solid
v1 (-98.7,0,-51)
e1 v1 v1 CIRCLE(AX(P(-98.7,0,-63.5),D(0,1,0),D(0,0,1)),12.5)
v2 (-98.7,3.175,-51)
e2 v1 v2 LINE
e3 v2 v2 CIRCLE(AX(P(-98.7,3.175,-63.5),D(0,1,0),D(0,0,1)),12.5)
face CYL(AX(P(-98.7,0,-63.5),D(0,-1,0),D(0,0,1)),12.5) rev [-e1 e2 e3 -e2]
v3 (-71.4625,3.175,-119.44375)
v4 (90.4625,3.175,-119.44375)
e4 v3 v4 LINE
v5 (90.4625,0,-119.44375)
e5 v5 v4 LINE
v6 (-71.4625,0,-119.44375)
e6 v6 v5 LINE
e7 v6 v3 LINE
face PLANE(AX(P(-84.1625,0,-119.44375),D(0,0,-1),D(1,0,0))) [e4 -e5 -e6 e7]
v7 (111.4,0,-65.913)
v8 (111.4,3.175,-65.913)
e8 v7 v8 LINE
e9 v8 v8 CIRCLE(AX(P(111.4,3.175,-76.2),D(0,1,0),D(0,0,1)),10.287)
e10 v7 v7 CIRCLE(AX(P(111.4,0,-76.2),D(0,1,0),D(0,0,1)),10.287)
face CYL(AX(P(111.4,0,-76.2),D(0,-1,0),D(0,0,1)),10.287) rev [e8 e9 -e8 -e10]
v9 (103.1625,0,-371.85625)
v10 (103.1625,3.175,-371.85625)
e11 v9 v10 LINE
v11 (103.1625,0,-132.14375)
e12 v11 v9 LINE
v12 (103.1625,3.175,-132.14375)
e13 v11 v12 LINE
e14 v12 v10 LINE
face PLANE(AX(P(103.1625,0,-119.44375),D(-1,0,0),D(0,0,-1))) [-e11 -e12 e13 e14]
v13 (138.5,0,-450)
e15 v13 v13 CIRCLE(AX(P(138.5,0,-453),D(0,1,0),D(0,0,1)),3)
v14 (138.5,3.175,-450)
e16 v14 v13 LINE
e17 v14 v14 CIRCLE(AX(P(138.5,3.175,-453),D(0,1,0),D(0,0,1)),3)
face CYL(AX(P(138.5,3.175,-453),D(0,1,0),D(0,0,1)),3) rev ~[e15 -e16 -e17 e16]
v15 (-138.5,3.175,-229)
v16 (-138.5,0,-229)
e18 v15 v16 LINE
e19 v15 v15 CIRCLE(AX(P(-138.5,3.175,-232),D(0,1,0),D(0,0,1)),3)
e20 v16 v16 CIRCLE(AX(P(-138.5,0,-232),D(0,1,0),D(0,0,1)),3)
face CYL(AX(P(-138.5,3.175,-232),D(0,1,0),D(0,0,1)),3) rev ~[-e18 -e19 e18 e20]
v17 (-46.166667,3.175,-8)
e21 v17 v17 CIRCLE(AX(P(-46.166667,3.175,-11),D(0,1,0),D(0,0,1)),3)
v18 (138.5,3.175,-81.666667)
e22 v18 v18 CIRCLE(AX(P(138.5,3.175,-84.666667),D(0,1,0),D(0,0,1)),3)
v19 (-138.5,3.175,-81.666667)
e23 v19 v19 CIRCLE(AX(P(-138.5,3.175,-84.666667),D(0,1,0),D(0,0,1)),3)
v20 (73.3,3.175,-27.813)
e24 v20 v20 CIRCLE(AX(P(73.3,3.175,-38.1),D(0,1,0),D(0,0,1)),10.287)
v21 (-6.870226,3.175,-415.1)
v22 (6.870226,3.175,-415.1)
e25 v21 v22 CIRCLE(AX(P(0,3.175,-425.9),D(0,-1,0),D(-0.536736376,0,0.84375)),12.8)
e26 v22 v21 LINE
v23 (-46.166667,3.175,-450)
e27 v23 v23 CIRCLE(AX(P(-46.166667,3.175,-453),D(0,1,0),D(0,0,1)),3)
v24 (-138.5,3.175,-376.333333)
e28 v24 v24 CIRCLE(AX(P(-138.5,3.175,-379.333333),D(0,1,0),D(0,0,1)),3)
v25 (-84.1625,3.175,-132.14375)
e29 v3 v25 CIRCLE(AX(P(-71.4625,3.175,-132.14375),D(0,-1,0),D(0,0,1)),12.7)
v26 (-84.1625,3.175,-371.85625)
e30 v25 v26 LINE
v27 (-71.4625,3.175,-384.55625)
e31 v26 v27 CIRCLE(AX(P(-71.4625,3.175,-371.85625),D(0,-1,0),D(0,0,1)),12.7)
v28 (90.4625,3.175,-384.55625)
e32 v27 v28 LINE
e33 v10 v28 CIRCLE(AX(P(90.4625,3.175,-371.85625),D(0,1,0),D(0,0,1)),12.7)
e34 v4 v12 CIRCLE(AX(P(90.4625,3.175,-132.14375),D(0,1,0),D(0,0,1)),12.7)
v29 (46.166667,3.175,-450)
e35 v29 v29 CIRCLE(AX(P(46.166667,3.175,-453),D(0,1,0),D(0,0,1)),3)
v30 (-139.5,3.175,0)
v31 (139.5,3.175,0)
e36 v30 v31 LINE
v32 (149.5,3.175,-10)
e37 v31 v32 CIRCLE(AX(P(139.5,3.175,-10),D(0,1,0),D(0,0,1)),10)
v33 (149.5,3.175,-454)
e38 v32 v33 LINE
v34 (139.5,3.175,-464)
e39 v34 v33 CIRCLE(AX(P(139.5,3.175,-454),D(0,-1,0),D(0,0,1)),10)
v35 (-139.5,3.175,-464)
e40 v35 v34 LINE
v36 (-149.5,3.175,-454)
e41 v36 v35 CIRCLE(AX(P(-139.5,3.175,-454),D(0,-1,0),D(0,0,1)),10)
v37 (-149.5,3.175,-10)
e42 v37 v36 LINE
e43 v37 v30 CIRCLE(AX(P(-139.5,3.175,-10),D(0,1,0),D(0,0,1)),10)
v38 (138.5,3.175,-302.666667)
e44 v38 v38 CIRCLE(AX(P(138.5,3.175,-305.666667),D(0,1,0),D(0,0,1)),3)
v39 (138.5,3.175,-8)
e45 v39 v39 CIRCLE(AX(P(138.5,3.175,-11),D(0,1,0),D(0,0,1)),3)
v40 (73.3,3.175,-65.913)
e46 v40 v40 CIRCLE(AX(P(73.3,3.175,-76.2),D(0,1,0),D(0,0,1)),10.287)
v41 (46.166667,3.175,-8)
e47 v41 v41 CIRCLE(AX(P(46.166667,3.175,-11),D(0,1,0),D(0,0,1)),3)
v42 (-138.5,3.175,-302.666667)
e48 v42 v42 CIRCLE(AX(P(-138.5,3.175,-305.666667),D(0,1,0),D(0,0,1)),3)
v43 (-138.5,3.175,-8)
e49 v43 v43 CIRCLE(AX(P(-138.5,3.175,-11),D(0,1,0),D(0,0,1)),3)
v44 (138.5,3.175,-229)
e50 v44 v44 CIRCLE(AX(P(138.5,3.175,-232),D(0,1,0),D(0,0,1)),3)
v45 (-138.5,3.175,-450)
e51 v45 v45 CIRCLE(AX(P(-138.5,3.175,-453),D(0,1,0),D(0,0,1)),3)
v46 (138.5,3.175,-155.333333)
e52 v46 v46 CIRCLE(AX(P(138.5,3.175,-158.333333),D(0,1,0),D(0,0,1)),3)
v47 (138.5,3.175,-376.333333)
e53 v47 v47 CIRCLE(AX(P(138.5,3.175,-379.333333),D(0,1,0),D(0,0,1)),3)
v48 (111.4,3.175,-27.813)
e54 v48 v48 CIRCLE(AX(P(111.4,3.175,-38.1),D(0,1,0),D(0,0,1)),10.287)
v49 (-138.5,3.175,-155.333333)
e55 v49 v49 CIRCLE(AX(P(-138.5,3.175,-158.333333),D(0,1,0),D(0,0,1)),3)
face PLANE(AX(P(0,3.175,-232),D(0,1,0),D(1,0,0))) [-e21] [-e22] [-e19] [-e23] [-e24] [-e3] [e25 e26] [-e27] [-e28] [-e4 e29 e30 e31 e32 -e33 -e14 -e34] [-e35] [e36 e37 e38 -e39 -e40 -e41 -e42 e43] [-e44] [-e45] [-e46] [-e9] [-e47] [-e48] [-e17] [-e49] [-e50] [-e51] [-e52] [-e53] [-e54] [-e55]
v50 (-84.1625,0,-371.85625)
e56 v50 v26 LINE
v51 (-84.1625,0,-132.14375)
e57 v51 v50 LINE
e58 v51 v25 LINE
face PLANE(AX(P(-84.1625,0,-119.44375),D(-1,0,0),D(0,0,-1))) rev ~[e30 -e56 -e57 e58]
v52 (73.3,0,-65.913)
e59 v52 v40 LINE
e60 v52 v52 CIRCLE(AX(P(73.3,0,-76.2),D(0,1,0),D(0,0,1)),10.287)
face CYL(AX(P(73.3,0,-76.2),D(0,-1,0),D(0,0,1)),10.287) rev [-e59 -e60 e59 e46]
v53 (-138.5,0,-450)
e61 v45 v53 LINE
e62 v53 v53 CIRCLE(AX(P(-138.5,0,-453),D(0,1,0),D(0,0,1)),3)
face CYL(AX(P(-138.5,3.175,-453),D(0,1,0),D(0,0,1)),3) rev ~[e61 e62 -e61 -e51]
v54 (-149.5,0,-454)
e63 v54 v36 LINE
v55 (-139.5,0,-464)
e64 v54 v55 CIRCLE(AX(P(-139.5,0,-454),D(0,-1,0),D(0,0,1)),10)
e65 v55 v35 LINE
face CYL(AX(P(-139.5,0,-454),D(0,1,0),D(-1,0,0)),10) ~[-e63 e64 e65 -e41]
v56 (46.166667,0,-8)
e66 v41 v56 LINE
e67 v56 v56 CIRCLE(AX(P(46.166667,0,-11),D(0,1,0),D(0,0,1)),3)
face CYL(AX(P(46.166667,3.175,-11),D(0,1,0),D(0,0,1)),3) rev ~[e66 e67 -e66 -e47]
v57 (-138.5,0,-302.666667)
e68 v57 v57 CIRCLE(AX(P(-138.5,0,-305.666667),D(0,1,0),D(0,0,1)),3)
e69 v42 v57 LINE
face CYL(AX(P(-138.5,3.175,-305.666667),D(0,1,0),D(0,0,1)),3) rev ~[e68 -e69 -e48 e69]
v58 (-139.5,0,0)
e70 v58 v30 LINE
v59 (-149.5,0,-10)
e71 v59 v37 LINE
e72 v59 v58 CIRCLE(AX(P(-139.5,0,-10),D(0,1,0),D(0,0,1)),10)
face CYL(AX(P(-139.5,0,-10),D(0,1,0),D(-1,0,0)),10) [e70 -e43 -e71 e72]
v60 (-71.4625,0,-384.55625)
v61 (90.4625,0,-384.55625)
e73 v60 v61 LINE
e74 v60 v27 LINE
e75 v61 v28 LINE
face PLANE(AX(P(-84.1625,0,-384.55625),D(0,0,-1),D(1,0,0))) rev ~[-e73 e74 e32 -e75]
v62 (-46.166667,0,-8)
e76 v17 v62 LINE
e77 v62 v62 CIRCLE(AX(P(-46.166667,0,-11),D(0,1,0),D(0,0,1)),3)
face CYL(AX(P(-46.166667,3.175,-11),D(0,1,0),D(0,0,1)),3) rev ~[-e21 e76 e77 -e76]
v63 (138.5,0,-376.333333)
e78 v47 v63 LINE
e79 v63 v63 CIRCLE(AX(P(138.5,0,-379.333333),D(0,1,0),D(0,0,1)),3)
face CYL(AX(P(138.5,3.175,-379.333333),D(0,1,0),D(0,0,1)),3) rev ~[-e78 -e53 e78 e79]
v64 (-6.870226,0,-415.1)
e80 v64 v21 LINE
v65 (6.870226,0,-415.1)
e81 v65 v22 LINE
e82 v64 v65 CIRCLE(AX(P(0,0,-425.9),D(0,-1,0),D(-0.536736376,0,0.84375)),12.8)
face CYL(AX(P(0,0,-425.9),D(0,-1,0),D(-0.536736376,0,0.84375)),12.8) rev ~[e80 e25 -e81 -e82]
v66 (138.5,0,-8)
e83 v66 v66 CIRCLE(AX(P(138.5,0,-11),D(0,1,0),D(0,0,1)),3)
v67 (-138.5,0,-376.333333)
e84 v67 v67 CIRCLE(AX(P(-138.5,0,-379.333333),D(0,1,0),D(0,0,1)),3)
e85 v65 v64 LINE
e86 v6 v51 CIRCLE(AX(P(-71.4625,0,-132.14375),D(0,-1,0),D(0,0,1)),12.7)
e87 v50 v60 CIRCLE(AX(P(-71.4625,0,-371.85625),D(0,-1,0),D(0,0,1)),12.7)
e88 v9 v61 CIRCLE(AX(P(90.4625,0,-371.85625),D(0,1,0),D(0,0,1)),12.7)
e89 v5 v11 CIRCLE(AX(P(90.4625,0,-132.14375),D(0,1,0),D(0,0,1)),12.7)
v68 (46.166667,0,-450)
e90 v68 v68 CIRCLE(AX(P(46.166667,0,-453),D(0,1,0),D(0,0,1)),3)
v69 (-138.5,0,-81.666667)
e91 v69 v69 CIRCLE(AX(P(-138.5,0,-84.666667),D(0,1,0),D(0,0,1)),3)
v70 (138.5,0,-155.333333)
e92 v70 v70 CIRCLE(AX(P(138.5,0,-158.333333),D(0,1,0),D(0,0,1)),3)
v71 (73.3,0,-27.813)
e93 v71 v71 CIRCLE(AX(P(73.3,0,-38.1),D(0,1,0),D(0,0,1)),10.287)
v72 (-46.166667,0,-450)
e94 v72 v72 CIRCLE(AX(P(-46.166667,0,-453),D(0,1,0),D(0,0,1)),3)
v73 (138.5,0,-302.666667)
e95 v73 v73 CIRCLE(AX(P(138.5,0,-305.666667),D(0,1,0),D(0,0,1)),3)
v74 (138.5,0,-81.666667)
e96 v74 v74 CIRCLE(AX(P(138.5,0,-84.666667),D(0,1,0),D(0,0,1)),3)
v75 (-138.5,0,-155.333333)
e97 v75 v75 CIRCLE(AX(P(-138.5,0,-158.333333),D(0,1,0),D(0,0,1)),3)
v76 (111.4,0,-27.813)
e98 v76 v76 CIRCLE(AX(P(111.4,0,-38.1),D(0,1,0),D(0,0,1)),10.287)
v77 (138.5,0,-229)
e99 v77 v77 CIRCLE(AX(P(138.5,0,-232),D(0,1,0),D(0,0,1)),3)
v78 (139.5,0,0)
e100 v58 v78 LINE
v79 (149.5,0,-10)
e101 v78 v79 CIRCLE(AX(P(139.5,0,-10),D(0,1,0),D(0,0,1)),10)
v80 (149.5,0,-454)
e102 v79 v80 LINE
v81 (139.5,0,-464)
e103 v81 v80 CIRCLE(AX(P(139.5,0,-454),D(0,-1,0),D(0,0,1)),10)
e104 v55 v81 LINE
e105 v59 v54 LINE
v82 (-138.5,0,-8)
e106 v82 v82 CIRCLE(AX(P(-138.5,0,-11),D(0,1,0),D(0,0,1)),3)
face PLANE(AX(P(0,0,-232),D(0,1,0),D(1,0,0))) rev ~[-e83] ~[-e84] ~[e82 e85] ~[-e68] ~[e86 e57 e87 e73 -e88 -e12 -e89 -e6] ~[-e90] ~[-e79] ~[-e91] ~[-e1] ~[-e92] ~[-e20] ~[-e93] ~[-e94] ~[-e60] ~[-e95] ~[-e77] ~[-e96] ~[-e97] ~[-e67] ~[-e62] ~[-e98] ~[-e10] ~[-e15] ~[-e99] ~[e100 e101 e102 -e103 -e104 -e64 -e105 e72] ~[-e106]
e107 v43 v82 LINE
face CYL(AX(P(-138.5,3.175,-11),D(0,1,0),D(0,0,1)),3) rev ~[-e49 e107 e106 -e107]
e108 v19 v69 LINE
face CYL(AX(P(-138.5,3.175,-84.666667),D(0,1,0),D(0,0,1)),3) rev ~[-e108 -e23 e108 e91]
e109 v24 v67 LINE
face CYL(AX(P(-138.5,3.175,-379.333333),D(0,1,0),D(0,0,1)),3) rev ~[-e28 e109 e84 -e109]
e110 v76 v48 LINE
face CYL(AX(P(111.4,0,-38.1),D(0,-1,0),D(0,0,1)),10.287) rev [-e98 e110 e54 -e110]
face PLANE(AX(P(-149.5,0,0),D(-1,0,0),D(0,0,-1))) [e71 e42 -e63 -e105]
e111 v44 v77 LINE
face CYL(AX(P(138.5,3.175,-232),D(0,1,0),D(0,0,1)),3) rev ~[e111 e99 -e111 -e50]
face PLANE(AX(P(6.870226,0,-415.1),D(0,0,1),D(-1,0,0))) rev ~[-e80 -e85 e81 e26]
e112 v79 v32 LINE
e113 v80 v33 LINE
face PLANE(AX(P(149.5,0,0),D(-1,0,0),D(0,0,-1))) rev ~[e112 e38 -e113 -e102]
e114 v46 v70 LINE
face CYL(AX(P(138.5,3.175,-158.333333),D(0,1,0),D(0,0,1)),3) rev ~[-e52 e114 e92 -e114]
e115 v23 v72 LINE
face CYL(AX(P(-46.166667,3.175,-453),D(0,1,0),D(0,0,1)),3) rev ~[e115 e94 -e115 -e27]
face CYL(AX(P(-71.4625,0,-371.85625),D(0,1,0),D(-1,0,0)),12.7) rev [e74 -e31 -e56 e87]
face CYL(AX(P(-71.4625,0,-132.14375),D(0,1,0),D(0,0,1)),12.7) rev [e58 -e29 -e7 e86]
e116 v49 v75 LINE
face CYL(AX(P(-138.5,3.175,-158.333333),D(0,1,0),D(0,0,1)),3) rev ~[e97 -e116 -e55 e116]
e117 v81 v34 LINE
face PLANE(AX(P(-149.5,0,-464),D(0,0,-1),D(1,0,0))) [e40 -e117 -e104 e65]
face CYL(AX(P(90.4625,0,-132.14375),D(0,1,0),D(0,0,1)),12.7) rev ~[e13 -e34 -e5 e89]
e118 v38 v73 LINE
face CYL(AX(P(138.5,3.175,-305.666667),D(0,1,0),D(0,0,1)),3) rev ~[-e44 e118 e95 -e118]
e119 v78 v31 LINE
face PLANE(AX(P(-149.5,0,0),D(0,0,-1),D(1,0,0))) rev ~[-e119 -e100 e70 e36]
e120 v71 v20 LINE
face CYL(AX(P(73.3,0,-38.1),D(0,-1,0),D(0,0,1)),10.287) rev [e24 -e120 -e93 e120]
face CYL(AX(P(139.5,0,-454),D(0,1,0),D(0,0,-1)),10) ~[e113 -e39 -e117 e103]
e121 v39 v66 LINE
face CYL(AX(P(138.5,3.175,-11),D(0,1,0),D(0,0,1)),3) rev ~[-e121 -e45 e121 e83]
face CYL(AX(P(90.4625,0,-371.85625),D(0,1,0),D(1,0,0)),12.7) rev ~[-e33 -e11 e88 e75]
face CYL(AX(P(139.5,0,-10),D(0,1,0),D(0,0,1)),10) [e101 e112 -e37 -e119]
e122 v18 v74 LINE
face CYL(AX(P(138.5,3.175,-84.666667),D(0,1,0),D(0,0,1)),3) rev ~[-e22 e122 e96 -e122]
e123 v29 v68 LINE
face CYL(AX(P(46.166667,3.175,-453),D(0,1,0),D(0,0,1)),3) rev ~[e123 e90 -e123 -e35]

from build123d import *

# Parameters (mm, degrees)
SKETCH9_W           = 299
SKETCH9_H           = 464
SKETCH9_R           = 12.5
SKETCH9_R_2         = 10.287
SKETCH9_W_2         = 187.325
SKETCH9_H_2         = 265.1125
BOSS_EXTRUDE7_DEPTH = 3.175
FILLET4_R           = 10
FILLET5_R           = 12.7
SKETCH10_R          = 3
CUT_EXTRUDE1_DEPTH  = 3.175


with BuildPart() as part:
    # Sketch9 → Boss-Extrude7 (new body)
    with BuildSketch(Plane(origin=(0, 0, 0), x_dir=(1, 0, 0), z_dir=(0, 1, 0))):
        with Locations((0, 232)):
            Rectangle(SKETCH9_W, SKETCH9_H)
        with Locations(Location((-98.7, 63.5, 0), (0, 0, 270))):
            Circle(SKETCH9_R, mode=Mode.SUBTRACT)
        with Locations(Location((111.4, 76.2, 0), (0, 0, 270))):
            Circle(SKETCH9_R_2, mode=Mode.SUBTRACT)
        with Locations(Location((111.4, 38.1, 0), (0, 0, 270))):
            Circle(SKETCH9_R_2, mode=Mode.SUBTRACT)
        with Locations(Location((73.3, 76.2, 0), (0, 0, 270))):
            Circle(SKETCH9_R_2, mode=Mode.SUBTRACT)
        with Locations(Location((73.3, 38.1, 0), (0, 0, 270))):
            Circle(SKETCH9_R_2, mode=Mode.SUBTRACT)
        with Locations((9.5, 252)):
            Rectangle(SKETCH9_W_2, SKETCH9_H_2, mode=Mode.SUBTRACT)
        with BuildLine():
            Line((6.870225615, 415.1), (-6.870225615, 415.1))
            ThreePointArc((-6.870225615, 415.1), (0, 438.7), (6.870225615, 415.1))
        make_face(mode=Mode.SUBTRACT)
    extrude(amount=BOSS_EXTRUDE7_DEPTH)

    # Fillet4
    fillet4_edges = [part.edges().sort_by_distance(p)[0] for p in [
        (-149.5, 1.5875, -464),
        (149.5, 1.5875, -464),
        (149.5, 1.5875, 0),
        (-149.5, 1.5875, 0),
    ]]
    fillet(fillet4_edges, radius=FILLET4_R)

    # Fillet5
    fillet5_edges = [part.edges().sort_by_distance(p)[0] for p in [
        (103.1625, 1.5875, -119.44375),
        (103.1625, 1.5875, -384.55625),
        (-84.1625, 1.5875, -384.55625),
        (-84.1625, 1.5875, -119.44375),
    ]]
    fillet(fillet5_edges, radius=FILLET5_R)

    # Sketch10 → Cut-Extrude1 (cut)
    with BuildSketch(Plane(origin=(0, 3.175, 0), x_dir=(1, 0, 0), z_dir=(0, 1, 0))):
        with Locations(Location((-138.5, 11, 0), (0, 0, 270))):
            Circle(SKETCH10_R)
        with Locations(Location((-46.166666667, 11, 0), (0, 0, 270))):
            Circle(SKETCH10_R)
        with Locations(Location((46.166666667, 11, 0), (0, 0, 270))):
            Circle(SKETCH10_R)
        with Locations(Location((138.5, 11, 0), (0, 0, 270))):
            Circle(SKETCH10_R)
        with Locations(Location((-138.5, 84.666666667, 0), (0, 0, 270))):
            Circle(SKETCH10_R)
        with Locations(Location((-138.5, 158.333333333, 0), (0, 0, 270))):
            Circle(SKETCH10_R)
        with Locations(Location((-138.5, 232, 0), (0, 0, 270))):
            Circle(SKETCH10_R)
        with Locations(Location((-138.5, 305.666666667, 0), (0, 0, 270))):
            Circle(SKETCH10_R)
        with Locations(Location((-138.5, 379.333333333, 0), (0, 0, 270))):
            Circle(SKETCH10_R)
        with Locations(Location((-138.5, 453, 0), (0, 0, 270))):
            Circle(SKETCH10_R)
        with Locations(Location((138.5, 84.666666667, 0), (0, 0, 270))):
            Circle(SKETCH10_R)
        with Locations(Location((138.5, 158.333333333, 0), (0, 0, 270))):
            Circle(SKETCH10_R)
        with Locations(Location((138.5, 232, 0), (0, 0, 270))):
            Circle(SKETCH10_R)
        with Locations(Location((138.5, 305.666666667, 0), (0, 0, 270))):
            Circle(SKETCH10_R)
        with Locations(Location((138.5, 379.333333333, 0), (0, 0, 270))):
            Circle(SKETCH10_R)
        with Locations(Location((-46.166666667, 453, 0), (0, 0, 270))):
            Circle(SKETCH10_R)
        with Locations(Location((46.166666667, 453, 0), (0, 0, 270))):
            Circle(SKETCH10_R)
        with Locations(Location((138.5, 453, 0), (0, 0, 270))):
            Circle(SKETCH10_R)
    extrude(amount=-CUT_EXTRUDE1_DEPTH, mode=Mode.SUBTRACT)


solid = part.part
